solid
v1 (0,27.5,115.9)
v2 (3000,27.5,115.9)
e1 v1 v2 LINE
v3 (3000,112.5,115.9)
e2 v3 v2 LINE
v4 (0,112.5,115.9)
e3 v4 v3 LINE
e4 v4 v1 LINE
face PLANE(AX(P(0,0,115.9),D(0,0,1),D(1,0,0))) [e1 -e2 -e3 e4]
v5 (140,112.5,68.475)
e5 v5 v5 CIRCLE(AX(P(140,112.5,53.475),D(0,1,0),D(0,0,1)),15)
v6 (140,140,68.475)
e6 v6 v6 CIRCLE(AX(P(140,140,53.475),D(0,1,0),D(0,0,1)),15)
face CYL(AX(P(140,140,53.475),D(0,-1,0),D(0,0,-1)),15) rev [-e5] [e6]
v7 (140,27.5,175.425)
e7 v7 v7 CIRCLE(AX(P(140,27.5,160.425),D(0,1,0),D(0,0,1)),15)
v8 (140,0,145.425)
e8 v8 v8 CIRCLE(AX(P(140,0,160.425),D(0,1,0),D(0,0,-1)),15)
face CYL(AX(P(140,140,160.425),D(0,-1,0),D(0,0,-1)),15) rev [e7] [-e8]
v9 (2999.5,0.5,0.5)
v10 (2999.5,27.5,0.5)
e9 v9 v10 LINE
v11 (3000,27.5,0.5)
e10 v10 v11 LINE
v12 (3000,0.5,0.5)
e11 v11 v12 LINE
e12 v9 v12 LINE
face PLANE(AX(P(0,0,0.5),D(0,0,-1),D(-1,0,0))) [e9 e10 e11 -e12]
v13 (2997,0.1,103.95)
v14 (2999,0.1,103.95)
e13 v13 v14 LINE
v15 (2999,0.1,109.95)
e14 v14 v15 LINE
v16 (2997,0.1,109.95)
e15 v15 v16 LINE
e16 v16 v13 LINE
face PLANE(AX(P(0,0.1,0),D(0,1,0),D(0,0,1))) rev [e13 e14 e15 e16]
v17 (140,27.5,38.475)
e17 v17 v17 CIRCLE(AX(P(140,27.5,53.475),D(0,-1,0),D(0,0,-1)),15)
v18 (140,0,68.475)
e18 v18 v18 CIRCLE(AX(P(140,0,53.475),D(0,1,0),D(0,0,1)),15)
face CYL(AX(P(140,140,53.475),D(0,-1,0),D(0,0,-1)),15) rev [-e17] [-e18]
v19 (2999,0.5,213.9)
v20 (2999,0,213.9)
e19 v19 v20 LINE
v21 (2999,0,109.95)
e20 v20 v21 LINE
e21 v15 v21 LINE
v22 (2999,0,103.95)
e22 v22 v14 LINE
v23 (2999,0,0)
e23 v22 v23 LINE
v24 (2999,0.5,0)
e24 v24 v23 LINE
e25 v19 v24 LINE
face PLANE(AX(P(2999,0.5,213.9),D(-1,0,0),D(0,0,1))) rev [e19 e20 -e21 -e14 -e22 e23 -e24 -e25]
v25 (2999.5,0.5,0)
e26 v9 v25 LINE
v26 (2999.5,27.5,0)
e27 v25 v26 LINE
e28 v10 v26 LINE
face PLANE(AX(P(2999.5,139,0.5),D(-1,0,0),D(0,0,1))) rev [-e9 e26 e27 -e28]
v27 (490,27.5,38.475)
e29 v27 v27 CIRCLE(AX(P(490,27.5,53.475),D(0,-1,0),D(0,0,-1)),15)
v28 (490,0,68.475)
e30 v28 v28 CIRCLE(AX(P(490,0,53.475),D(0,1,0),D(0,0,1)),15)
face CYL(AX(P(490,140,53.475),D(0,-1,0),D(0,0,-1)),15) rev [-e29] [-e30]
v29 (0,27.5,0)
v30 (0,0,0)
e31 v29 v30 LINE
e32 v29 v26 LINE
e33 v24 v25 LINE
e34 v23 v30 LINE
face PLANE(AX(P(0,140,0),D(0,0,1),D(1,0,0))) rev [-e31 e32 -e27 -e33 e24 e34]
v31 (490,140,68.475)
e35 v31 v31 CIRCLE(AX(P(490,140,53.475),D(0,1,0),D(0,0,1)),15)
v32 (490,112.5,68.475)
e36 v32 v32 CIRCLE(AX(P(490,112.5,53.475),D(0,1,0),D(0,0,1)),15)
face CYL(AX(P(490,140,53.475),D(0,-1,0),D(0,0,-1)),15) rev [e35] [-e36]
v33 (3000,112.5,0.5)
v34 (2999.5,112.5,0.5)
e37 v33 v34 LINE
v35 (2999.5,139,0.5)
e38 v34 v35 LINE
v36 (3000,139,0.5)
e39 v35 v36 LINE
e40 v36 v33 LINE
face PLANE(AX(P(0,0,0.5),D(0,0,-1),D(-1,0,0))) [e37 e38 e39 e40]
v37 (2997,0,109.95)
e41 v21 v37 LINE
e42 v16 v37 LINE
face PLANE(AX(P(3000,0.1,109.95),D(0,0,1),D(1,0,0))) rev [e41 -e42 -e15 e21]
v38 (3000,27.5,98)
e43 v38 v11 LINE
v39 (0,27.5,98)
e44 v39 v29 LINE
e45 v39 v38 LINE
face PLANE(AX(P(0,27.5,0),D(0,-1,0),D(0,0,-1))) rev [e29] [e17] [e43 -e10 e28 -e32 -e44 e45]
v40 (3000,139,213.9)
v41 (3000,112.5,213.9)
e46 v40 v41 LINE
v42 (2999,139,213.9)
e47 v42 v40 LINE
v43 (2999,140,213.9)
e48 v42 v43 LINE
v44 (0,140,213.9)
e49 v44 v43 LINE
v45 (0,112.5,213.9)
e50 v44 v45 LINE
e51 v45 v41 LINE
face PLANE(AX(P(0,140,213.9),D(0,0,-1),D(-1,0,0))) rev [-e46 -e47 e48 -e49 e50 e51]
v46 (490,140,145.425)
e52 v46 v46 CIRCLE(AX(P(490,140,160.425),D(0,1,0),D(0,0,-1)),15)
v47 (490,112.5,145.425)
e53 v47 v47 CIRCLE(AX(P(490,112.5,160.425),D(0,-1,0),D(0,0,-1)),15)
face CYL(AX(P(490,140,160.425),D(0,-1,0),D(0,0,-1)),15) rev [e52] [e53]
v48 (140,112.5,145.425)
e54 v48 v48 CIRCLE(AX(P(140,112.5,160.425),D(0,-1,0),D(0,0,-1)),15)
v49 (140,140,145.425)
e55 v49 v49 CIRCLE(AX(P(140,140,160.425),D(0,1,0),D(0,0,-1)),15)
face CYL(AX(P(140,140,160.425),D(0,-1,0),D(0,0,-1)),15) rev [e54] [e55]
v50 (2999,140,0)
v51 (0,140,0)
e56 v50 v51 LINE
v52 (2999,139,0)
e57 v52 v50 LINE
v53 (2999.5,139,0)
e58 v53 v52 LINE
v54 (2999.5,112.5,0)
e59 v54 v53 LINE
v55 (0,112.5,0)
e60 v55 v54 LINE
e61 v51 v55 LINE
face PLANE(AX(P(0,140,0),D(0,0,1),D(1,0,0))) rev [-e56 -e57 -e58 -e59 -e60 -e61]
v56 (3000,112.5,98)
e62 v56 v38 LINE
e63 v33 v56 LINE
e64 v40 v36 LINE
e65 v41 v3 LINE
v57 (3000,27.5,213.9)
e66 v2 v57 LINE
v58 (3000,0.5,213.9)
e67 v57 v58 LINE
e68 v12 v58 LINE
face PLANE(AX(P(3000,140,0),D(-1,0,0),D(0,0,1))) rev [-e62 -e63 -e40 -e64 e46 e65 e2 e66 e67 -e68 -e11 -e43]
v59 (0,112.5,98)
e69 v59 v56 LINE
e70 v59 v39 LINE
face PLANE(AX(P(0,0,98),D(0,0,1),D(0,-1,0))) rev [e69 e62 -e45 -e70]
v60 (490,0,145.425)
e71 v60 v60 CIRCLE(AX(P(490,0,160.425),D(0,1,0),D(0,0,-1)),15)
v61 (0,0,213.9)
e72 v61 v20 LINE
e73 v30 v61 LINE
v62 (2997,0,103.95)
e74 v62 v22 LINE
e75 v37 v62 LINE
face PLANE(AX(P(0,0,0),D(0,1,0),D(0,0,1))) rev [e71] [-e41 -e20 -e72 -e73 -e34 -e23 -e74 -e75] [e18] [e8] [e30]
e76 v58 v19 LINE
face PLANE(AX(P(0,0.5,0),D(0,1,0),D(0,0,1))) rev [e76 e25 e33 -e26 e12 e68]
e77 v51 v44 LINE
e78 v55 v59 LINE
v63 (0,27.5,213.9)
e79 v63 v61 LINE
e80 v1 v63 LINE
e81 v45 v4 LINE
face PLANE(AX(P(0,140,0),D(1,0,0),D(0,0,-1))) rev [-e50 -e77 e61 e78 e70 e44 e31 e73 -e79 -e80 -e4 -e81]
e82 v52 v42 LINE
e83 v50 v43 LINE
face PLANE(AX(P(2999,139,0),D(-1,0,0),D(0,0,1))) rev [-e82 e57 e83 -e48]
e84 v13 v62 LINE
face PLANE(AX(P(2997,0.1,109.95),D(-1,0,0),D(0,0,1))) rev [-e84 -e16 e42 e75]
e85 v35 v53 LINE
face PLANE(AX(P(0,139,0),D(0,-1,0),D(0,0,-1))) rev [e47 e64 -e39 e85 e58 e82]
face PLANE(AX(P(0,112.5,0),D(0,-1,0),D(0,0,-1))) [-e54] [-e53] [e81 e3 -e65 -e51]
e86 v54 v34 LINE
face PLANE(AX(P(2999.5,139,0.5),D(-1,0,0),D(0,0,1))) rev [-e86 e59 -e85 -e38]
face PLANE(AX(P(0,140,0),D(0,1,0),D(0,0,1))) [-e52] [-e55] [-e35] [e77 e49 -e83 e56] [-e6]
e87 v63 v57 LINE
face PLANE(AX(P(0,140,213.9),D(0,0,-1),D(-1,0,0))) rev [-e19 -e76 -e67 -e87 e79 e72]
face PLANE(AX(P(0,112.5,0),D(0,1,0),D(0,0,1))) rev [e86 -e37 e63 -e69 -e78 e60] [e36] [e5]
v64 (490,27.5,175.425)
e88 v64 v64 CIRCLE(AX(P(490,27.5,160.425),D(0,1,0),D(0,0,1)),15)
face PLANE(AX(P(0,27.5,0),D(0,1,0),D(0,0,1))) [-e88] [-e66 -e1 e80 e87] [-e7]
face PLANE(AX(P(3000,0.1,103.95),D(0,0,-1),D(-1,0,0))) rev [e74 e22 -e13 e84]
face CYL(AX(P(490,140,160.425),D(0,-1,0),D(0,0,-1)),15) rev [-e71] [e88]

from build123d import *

# Parameters (mm, degrees)
SKETCH1_W           = 3000
SKETCH1_H           = 213.9
SKETCH1_R           = 15
BOSS_EXTRUDE1_DEPTH = 140
SKETCH2_W           = 3
SKETCH2_H           = 6
CUT_EXTRUDE1_DEPTH  = 0.1
SKETCH4_W           = 98
SKETCH4_H           = 85
CUT_EXTRUDE3_DEPTH  = 3001
SKETCH5_W           = 1
SKETCH5_H           = 213.9
CUT_EXTRUDE4_DEPTH  = 1
SKETCH6_W           = 0.5
SKETCH6_H           = 139
CUT_EXTRUDE5_DEPTH  = 0.5
SKETCH7_W           = 1
SKETCH7_H           = 213.9
CUT_EXTRUDE6_DEPTH  = 0.5


with BuildPart() as part:
    # Sketch1 → Boss-Extrude1 (new body)
    with BuildSketch(Plane(origin=(0, 0, 0), x_dir=(1, 0, 0), z_dir=(0, 1, 0))):
        with Locations((1500, -106.95)):
            Rectangle(SKETCH1_W, SKETCH1_H)
        with Locations((140, -53.475)):
            Circle(SKETCH1_R, mode=Mode.SUBTRACT)
        with Locations((140, -160.425)):
            Circle(SKETCH1_R, mode=Mode.SUBTRACT)
        with Locations((490, -53.475)):
            Circle(SKETCH1_R, mode=Mode.SUBTRACT)
        with Locations((490, -160.425)):
            Circle(SKETCH1_R, mode=Mode.SUBTRACT)
    extrude(amount=BOSS_EXTRUDE1_DEPTH)

    # Sketch2 → Cut-Extrude1 (cut)
    with BuildSketch(Plane.XZ):
        with Locations((2998.5, 106.95)):
            Rectangle(SKETCH2_W, SKETCH2_H)
    extrude(amount=-CUT_EXTRUDE1_DEPTH, mode=Mode.SUBTRACT)

    # Sketch4 → Cut-Extrude3 (cut, through all)
    with BuildSketch(Plane(origin=(3000, 0, 0), x_dir=(0, 0, -1), z_dir=(1, 0, 0))):
        with Locations((-164.9, 70)):
            Rectangle(SKETCH4_W, SKETCH4_H)
        with Locations((-49, 70)):
            Rectangle(SKETCH4_W, SKETCH4_H)
    extrude(amount=-CUT_EXTRUDE3_DEPTH, mode=Mode.SUBTRACT)

    # Sketch5 → Cut-Extrude4 (cut)
    with BuildSketch(Plane(origin=(0, 140, 0), x_dir=(1, 0, 0), z_dir=(0, 1, 0))):
        with Locations((2999.5, -106.95)):
            Rectangle(SKETCH5_W, SKETCH5_H)
    extrude(amount=-CUT_EXTRUDE4_DEPTH, mode=Mode.SUBTRACT)

    # Sketch6 → Cut-Extrude5 (cut)
    with BuildSketch(Plane(origin=(0, 0, 0), x_dir=(-1, 0, 0), z_dir=(0, 0, -1))):
        with Locations((-2999.75, 69.5)):
            Rectangle(SKETCH6_W, SKETCH6_H)
    extrude(amount=-CUT_EXTRUDE5_DEPTH, mode=Mode.SUBTRACT)

    # Sketch7 → Cut-Extrude6 (cut)
    with BuildSketch(Plane.XZ):
        with Locations((2999.5, 106.95)):
            Rectangle(SKETCH7_W, SKETCH7_H)
    extrude(amount=-CUT_EXTRUDE6_DEPTH, mode=Mode.SUBTRACT)


solid = part.part
